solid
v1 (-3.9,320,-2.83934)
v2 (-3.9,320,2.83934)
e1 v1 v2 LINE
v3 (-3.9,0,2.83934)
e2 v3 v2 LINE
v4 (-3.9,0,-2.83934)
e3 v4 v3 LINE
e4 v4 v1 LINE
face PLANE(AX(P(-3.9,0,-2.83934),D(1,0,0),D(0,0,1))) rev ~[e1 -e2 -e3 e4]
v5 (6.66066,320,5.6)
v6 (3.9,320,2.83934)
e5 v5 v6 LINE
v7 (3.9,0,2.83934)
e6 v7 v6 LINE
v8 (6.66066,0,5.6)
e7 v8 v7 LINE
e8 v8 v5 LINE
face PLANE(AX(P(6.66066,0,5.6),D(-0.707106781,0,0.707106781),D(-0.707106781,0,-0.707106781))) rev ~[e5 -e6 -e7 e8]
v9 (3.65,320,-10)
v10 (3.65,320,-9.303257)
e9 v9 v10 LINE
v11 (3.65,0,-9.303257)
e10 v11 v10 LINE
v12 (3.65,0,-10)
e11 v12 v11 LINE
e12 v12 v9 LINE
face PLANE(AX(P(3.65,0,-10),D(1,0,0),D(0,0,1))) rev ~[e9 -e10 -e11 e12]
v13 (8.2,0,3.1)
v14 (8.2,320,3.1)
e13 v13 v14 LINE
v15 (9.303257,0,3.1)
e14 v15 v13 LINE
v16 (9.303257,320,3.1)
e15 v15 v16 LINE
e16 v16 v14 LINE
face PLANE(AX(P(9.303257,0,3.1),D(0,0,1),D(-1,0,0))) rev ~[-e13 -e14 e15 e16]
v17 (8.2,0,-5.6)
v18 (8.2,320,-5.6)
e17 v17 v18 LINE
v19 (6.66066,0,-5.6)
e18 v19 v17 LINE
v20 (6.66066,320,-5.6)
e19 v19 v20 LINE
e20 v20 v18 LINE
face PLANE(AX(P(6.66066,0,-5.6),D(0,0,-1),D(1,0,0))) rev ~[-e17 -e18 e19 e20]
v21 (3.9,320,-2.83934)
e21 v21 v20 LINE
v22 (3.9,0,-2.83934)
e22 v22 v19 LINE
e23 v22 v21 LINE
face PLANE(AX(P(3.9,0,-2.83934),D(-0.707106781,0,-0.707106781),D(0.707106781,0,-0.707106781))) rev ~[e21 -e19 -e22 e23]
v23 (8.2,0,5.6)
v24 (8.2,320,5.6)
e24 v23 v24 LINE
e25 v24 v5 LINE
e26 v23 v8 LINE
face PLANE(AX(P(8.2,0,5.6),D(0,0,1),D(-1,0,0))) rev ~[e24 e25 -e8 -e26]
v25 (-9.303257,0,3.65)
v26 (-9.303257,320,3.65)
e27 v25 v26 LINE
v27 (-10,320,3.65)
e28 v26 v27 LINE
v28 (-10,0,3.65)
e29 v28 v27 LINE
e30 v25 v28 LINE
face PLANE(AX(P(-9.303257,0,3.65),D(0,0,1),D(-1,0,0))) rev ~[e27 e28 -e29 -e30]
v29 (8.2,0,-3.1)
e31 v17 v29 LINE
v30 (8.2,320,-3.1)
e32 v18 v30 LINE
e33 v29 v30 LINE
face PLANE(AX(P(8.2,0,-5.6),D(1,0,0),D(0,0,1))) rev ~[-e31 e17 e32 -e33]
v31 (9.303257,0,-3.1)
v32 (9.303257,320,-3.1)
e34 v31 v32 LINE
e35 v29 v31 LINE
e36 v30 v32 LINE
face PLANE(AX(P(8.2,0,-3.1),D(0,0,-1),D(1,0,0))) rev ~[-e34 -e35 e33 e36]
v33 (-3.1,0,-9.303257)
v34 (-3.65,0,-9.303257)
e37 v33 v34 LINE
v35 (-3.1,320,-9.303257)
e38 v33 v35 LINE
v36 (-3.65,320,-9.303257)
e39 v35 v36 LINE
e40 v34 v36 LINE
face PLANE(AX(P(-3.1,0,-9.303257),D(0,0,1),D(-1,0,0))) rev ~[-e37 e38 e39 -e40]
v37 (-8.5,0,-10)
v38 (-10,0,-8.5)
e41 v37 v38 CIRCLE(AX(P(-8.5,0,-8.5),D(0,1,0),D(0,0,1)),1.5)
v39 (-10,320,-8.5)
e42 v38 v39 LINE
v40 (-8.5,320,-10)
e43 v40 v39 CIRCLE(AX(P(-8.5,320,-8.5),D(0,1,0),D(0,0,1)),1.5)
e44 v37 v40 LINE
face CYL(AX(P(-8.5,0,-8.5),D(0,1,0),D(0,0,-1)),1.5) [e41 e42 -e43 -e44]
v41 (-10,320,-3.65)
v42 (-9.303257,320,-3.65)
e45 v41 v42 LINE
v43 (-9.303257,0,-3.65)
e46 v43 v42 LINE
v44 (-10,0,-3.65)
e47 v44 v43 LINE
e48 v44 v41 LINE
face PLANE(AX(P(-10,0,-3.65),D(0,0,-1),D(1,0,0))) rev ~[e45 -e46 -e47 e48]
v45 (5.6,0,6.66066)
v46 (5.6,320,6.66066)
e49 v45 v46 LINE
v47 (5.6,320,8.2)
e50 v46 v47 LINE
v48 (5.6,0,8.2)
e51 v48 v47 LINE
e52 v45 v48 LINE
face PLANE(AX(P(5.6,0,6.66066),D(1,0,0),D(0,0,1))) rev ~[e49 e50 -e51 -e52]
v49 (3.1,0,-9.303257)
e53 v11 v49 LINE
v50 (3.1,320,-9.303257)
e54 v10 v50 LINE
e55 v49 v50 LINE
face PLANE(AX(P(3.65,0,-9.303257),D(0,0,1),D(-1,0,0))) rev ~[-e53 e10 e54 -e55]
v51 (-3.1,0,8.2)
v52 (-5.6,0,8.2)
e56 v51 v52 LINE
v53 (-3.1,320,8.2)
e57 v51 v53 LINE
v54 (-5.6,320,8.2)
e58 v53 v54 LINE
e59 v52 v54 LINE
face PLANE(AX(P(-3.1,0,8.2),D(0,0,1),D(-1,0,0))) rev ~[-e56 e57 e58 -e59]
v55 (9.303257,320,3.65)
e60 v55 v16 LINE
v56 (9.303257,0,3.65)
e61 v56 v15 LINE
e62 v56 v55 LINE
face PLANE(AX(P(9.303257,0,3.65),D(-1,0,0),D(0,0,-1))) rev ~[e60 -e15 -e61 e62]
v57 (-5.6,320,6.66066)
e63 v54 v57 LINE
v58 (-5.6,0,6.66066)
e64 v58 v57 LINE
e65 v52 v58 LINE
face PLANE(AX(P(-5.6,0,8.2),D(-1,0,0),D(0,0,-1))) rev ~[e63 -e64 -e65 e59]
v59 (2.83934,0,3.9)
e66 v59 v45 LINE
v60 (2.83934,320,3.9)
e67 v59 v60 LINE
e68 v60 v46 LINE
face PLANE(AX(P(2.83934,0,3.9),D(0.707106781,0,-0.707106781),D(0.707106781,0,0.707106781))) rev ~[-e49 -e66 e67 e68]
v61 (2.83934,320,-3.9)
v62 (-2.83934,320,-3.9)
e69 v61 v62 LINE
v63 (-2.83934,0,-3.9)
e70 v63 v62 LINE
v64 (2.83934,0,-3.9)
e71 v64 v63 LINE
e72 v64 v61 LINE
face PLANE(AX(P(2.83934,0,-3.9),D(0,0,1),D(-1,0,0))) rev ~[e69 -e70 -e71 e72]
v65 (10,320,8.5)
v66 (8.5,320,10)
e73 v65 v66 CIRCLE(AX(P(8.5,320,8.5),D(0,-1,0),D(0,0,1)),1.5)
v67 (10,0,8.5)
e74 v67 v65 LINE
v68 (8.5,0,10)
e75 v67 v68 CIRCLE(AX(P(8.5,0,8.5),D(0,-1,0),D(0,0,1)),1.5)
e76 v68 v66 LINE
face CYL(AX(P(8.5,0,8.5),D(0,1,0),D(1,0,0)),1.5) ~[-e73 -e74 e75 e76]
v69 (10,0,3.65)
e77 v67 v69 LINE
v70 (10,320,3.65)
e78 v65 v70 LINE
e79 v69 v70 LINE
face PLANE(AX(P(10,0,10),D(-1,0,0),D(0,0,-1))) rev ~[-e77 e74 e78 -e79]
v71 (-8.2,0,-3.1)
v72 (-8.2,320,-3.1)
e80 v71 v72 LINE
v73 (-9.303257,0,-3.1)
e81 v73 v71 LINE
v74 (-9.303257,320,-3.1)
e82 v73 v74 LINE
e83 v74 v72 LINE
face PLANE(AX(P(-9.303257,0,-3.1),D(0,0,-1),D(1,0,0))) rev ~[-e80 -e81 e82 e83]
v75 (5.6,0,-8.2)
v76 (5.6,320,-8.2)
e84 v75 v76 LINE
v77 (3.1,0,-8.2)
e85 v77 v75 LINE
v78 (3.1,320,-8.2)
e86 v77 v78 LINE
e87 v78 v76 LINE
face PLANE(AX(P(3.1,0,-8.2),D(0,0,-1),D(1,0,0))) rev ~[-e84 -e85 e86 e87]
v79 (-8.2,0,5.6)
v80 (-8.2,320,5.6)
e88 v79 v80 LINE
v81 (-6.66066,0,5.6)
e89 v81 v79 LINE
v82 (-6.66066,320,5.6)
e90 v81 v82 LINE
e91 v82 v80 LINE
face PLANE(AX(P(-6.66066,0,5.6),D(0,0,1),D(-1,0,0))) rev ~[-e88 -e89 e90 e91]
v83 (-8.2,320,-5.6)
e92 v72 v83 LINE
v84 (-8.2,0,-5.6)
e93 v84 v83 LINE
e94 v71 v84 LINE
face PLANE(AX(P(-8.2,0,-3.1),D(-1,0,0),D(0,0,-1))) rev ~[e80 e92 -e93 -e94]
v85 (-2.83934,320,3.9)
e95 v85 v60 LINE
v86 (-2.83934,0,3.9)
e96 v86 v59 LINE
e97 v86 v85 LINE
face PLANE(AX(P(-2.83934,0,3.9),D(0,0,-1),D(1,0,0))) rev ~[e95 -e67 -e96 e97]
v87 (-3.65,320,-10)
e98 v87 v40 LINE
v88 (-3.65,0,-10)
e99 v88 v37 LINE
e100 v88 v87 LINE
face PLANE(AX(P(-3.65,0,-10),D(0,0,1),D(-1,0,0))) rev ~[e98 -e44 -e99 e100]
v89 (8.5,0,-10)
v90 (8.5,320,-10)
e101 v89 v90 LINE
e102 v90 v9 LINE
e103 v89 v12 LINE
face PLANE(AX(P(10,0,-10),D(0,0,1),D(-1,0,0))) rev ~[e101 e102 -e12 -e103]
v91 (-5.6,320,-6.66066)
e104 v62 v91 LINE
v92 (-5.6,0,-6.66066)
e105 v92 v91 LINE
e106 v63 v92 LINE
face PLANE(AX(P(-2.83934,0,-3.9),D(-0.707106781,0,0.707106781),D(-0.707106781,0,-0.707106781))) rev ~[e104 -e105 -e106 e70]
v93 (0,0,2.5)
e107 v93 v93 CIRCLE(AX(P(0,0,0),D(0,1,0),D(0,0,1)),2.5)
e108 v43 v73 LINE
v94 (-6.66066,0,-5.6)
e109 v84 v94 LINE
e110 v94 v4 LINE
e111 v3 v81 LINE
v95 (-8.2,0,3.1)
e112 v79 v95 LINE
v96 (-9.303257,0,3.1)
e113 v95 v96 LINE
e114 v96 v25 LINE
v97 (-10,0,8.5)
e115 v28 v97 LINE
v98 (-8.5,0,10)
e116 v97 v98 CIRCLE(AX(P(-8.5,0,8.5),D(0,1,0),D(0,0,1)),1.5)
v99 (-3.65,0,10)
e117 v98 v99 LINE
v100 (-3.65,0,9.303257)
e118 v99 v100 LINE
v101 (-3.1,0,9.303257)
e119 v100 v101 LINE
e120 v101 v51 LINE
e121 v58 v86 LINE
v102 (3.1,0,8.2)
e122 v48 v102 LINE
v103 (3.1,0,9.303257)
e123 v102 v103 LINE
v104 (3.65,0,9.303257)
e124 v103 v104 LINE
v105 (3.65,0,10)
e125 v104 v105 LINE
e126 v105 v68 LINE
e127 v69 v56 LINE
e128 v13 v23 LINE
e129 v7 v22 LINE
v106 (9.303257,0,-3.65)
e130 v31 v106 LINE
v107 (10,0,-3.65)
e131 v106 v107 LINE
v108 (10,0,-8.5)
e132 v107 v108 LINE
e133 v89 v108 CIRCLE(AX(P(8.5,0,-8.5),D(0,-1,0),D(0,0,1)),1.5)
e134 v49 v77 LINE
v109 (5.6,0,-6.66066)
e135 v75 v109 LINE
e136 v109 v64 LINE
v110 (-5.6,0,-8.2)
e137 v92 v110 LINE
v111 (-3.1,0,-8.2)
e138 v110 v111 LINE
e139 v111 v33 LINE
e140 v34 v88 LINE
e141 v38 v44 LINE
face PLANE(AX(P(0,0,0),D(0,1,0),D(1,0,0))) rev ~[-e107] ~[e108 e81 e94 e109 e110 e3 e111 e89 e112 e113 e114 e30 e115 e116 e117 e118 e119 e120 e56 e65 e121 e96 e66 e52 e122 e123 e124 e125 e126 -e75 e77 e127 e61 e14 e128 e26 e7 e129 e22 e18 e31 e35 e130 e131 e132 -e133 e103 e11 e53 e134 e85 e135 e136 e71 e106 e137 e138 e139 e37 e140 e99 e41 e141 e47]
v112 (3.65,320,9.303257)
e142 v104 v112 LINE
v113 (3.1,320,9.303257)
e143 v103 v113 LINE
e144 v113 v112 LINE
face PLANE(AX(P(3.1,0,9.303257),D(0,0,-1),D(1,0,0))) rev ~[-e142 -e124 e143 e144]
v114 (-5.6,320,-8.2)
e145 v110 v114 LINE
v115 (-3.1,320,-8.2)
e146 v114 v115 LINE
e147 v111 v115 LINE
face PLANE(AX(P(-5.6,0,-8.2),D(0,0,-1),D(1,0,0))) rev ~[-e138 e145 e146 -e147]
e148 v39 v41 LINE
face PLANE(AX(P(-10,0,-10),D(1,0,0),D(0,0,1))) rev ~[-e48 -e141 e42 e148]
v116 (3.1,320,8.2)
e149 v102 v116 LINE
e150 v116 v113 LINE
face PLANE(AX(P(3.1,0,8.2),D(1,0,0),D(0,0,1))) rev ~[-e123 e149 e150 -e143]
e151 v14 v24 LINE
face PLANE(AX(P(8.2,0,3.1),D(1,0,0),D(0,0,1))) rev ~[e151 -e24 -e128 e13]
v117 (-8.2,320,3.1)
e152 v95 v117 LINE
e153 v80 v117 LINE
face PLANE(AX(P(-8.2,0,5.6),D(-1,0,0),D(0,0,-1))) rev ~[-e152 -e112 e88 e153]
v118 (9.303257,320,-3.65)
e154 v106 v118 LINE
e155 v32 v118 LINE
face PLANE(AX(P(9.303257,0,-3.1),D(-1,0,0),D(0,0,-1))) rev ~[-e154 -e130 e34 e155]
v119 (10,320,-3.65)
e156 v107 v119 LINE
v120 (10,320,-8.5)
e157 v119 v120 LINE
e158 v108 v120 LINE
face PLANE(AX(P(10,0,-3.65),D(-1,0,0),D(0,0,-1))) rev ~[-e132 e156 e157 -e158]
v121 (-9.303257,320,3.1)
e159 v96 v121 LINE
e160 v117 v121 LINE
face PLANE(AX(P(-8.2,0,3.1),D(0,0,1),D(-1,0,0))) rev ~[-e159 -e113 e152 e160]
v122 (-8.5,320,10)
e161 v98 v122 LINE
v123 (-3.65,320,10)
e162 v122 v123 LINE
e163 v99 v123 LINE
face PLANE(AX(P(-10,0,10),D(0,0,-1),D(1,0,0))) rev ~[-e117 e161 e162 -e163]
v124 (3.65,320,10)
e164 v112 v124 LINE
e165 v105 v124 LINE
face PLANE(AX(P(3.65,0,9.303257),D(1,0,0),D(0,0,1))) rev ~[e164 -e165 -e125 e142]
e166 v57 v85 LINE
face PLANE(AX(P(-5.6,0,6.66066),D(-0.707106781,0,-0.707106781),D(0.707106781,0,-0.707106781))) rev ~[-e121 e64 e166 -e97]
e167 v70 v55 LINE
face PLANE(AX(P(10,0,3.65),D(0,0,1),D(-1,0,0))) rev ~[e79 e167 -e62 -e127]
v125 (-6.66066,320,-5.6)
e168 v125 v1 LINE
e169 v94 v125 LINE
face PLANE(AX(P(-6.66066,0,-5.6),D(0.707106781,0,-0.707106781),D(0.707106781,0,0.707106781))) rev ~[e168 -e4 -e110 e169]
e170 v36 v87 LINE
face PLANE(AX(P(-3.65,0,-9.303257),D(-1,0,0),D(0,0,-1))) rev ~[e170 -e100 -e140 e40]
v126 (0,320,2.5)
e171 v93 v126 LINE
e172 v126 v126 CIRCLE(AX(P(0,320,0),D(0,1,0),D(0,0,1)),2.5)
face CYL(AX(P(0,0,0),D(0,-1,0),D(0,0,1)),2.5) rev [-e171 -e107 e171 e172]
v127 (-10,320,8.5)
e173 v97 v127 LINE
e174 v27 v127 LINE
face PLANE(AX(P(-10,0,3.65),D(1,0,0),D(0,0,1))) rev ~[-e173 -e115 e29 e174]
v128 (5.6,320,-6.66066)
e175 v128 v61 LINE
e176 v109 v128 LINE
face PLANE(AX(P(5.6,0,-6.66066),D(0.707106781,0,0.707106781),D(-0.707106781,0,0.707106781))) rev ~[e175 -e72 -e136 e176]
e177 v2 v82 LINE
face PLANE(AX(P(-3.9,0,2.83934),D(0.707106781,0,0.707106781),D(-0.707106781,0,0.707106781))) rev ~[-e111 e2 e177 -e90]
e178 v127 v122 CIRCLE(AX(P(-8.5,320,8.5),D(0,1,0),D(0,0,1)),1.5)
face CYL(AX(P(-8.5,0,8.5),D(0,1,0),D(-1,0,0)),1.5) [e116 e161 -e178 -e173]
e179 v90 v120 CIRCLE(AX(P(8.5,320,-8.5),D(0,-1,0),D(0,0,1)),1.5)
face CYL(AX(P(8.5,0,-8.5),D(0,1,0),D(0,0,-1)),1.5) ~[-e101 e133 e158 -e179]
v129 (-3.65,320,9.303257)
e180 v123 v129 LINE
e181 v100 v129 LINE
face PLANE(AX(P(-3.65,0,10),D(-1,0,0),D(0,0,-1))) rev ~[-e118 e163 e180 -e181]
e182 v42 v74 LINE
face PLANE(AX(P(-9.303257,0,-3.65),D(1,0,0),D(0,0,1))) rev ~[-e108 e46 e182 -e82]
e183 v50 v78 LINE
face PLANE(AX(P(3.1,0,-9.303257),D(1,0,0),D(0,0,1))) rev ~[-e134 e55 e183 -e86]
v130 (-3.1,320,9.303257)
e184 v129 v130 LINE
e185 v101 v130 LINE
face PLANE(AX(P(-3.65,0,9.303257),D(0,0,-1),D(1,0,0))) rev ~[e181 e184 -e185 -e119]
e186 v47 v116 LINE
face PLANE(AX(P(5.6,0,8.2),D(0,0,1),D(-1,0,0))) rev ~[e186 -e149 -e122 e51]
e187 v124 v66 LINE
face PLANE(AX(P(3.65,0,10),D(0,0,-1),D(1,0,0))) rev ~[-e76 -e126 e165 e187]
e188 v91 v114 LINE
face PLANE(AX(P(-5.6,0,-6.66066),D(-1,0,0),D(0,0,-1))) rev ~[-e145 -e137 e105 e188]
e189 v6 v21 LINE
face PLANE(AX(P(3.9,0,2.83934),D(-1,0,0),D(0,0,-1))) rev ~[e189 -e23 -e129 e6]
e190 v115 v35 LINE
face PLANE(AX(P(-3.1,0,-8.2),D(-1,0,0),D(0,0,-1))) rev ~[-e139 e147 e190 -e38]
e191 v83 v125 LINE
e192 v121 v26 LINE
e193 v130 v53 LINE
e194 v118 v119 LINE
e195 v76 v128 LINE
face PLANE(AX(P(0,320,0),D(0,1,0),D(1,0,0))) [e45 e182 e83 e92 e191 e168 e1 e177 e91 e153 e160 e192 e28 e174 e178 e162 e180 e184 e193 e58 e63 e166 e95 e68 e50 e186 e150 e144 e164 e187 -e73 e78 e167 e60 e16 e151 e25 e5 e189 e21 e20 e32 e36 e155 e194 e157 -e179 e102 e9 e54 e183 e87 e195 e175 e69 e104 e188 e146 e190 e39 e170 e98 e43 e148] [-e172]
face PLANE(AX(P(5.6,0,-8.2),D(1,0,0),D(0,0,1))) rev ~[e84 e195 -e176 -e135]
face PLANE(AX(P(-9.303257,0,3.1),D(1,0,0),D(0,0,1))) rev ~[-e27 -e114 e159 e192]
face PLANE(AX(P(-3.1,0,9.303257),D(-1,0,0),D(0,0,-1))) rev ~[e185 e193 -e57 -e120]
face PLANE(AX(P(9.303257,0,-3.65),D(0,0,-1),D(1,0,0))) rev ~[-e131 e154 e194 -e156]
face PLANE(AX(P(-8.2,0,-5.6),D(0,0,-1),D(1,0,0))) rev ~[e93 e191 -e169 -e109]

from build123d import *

# Parameters (mm, degrees)
SKETCH_1_R      = 2.5
EXTRUDE_1_DEPTH = 320
FILLET_1_R      = 1.5


with BuildPart() as part:
    # 草图1 → 凸台-拉伸1 (new body)
    with BuildSketch(Plane(origin=(0, 0, 0), x_dir=(1, 0, 0), z_dir=(0, 1, 0))):
        Polygon((10, 10), (3.65, 10), (3.65, 9.303257497), (3.1, 9.303257497), (3.1, 8.2), (5.6, 8.2), (5.6, 6.660660172), (2.839339828, 3.9), (-2.839339828, 3.9), (-5.6, 6.660660172), (-5.6, 8.2), (-3.1, 8.2), (-3.1, 9.303257497), (-3.65, 9.303257497), (-3.65, 10), (-10, 10), (-10, 3.65), (-9.303257497, 3.65), (-9.303257497, 3.1), (-8.2, 3.1), (-8.2, 5.6), (-6.660660172, 5.6), (-3.9, 2.839339828), (-3.9, -2.839339828), (-6.660660172, -5.6), (-8.2, -5.6), (-8.2, -3.1), (-9.303257497, -3.1), (-9.303257497, -3.65), (-10, -3.65), (-10, -10), (-3.65, -10), (-3.65, -9.303257497), (-3.1, -9.303257497), (-3.1, -8.2), (-5.6, -8.2), (-5.6, -6.660660172), (-2.839339828, -3.9), (2.839339828, -3.9), (5.6, -6.660660172), (5.6, -8.2), (3.1, -8.2), (3.1, -9.303257497), (3.65, -9.303257497), (3.65, -10), (10, -10), (10, -3.65), (9.303257497, -3.65), (9.303257497, -3.1), (8.2, -3.1), (8.2, -5.6), (6.660660172, -5.6), (3.9, -2.839339828), (3.9, 2.839339828), (6.660660172, 5.6), (8.2, 5.6), (8.2, 3.1), (9.303257497, 3.1), (9.303257497, 3.65), (10, 3.65), align=None)
        with Locations(Location((0, 0, 0), (0, 0, 270))):
            Circle(SKETCH_1_R, mode=Mode.SUBTRACT)
    extrude(amount=EXTRUDE_1_DEPTH)

    # 圆角1
    fillet_1_edges = [part.edges().sort_by_distance(p)[0] for p in [
        (10, 160, 10),
        (-10, 160, 10),
        (-10, 160, -10),
        (10, 160, -10),
    ]]
    fillet(fillet_1_edges, radius=FILLET_1_R)


solid = part.part
